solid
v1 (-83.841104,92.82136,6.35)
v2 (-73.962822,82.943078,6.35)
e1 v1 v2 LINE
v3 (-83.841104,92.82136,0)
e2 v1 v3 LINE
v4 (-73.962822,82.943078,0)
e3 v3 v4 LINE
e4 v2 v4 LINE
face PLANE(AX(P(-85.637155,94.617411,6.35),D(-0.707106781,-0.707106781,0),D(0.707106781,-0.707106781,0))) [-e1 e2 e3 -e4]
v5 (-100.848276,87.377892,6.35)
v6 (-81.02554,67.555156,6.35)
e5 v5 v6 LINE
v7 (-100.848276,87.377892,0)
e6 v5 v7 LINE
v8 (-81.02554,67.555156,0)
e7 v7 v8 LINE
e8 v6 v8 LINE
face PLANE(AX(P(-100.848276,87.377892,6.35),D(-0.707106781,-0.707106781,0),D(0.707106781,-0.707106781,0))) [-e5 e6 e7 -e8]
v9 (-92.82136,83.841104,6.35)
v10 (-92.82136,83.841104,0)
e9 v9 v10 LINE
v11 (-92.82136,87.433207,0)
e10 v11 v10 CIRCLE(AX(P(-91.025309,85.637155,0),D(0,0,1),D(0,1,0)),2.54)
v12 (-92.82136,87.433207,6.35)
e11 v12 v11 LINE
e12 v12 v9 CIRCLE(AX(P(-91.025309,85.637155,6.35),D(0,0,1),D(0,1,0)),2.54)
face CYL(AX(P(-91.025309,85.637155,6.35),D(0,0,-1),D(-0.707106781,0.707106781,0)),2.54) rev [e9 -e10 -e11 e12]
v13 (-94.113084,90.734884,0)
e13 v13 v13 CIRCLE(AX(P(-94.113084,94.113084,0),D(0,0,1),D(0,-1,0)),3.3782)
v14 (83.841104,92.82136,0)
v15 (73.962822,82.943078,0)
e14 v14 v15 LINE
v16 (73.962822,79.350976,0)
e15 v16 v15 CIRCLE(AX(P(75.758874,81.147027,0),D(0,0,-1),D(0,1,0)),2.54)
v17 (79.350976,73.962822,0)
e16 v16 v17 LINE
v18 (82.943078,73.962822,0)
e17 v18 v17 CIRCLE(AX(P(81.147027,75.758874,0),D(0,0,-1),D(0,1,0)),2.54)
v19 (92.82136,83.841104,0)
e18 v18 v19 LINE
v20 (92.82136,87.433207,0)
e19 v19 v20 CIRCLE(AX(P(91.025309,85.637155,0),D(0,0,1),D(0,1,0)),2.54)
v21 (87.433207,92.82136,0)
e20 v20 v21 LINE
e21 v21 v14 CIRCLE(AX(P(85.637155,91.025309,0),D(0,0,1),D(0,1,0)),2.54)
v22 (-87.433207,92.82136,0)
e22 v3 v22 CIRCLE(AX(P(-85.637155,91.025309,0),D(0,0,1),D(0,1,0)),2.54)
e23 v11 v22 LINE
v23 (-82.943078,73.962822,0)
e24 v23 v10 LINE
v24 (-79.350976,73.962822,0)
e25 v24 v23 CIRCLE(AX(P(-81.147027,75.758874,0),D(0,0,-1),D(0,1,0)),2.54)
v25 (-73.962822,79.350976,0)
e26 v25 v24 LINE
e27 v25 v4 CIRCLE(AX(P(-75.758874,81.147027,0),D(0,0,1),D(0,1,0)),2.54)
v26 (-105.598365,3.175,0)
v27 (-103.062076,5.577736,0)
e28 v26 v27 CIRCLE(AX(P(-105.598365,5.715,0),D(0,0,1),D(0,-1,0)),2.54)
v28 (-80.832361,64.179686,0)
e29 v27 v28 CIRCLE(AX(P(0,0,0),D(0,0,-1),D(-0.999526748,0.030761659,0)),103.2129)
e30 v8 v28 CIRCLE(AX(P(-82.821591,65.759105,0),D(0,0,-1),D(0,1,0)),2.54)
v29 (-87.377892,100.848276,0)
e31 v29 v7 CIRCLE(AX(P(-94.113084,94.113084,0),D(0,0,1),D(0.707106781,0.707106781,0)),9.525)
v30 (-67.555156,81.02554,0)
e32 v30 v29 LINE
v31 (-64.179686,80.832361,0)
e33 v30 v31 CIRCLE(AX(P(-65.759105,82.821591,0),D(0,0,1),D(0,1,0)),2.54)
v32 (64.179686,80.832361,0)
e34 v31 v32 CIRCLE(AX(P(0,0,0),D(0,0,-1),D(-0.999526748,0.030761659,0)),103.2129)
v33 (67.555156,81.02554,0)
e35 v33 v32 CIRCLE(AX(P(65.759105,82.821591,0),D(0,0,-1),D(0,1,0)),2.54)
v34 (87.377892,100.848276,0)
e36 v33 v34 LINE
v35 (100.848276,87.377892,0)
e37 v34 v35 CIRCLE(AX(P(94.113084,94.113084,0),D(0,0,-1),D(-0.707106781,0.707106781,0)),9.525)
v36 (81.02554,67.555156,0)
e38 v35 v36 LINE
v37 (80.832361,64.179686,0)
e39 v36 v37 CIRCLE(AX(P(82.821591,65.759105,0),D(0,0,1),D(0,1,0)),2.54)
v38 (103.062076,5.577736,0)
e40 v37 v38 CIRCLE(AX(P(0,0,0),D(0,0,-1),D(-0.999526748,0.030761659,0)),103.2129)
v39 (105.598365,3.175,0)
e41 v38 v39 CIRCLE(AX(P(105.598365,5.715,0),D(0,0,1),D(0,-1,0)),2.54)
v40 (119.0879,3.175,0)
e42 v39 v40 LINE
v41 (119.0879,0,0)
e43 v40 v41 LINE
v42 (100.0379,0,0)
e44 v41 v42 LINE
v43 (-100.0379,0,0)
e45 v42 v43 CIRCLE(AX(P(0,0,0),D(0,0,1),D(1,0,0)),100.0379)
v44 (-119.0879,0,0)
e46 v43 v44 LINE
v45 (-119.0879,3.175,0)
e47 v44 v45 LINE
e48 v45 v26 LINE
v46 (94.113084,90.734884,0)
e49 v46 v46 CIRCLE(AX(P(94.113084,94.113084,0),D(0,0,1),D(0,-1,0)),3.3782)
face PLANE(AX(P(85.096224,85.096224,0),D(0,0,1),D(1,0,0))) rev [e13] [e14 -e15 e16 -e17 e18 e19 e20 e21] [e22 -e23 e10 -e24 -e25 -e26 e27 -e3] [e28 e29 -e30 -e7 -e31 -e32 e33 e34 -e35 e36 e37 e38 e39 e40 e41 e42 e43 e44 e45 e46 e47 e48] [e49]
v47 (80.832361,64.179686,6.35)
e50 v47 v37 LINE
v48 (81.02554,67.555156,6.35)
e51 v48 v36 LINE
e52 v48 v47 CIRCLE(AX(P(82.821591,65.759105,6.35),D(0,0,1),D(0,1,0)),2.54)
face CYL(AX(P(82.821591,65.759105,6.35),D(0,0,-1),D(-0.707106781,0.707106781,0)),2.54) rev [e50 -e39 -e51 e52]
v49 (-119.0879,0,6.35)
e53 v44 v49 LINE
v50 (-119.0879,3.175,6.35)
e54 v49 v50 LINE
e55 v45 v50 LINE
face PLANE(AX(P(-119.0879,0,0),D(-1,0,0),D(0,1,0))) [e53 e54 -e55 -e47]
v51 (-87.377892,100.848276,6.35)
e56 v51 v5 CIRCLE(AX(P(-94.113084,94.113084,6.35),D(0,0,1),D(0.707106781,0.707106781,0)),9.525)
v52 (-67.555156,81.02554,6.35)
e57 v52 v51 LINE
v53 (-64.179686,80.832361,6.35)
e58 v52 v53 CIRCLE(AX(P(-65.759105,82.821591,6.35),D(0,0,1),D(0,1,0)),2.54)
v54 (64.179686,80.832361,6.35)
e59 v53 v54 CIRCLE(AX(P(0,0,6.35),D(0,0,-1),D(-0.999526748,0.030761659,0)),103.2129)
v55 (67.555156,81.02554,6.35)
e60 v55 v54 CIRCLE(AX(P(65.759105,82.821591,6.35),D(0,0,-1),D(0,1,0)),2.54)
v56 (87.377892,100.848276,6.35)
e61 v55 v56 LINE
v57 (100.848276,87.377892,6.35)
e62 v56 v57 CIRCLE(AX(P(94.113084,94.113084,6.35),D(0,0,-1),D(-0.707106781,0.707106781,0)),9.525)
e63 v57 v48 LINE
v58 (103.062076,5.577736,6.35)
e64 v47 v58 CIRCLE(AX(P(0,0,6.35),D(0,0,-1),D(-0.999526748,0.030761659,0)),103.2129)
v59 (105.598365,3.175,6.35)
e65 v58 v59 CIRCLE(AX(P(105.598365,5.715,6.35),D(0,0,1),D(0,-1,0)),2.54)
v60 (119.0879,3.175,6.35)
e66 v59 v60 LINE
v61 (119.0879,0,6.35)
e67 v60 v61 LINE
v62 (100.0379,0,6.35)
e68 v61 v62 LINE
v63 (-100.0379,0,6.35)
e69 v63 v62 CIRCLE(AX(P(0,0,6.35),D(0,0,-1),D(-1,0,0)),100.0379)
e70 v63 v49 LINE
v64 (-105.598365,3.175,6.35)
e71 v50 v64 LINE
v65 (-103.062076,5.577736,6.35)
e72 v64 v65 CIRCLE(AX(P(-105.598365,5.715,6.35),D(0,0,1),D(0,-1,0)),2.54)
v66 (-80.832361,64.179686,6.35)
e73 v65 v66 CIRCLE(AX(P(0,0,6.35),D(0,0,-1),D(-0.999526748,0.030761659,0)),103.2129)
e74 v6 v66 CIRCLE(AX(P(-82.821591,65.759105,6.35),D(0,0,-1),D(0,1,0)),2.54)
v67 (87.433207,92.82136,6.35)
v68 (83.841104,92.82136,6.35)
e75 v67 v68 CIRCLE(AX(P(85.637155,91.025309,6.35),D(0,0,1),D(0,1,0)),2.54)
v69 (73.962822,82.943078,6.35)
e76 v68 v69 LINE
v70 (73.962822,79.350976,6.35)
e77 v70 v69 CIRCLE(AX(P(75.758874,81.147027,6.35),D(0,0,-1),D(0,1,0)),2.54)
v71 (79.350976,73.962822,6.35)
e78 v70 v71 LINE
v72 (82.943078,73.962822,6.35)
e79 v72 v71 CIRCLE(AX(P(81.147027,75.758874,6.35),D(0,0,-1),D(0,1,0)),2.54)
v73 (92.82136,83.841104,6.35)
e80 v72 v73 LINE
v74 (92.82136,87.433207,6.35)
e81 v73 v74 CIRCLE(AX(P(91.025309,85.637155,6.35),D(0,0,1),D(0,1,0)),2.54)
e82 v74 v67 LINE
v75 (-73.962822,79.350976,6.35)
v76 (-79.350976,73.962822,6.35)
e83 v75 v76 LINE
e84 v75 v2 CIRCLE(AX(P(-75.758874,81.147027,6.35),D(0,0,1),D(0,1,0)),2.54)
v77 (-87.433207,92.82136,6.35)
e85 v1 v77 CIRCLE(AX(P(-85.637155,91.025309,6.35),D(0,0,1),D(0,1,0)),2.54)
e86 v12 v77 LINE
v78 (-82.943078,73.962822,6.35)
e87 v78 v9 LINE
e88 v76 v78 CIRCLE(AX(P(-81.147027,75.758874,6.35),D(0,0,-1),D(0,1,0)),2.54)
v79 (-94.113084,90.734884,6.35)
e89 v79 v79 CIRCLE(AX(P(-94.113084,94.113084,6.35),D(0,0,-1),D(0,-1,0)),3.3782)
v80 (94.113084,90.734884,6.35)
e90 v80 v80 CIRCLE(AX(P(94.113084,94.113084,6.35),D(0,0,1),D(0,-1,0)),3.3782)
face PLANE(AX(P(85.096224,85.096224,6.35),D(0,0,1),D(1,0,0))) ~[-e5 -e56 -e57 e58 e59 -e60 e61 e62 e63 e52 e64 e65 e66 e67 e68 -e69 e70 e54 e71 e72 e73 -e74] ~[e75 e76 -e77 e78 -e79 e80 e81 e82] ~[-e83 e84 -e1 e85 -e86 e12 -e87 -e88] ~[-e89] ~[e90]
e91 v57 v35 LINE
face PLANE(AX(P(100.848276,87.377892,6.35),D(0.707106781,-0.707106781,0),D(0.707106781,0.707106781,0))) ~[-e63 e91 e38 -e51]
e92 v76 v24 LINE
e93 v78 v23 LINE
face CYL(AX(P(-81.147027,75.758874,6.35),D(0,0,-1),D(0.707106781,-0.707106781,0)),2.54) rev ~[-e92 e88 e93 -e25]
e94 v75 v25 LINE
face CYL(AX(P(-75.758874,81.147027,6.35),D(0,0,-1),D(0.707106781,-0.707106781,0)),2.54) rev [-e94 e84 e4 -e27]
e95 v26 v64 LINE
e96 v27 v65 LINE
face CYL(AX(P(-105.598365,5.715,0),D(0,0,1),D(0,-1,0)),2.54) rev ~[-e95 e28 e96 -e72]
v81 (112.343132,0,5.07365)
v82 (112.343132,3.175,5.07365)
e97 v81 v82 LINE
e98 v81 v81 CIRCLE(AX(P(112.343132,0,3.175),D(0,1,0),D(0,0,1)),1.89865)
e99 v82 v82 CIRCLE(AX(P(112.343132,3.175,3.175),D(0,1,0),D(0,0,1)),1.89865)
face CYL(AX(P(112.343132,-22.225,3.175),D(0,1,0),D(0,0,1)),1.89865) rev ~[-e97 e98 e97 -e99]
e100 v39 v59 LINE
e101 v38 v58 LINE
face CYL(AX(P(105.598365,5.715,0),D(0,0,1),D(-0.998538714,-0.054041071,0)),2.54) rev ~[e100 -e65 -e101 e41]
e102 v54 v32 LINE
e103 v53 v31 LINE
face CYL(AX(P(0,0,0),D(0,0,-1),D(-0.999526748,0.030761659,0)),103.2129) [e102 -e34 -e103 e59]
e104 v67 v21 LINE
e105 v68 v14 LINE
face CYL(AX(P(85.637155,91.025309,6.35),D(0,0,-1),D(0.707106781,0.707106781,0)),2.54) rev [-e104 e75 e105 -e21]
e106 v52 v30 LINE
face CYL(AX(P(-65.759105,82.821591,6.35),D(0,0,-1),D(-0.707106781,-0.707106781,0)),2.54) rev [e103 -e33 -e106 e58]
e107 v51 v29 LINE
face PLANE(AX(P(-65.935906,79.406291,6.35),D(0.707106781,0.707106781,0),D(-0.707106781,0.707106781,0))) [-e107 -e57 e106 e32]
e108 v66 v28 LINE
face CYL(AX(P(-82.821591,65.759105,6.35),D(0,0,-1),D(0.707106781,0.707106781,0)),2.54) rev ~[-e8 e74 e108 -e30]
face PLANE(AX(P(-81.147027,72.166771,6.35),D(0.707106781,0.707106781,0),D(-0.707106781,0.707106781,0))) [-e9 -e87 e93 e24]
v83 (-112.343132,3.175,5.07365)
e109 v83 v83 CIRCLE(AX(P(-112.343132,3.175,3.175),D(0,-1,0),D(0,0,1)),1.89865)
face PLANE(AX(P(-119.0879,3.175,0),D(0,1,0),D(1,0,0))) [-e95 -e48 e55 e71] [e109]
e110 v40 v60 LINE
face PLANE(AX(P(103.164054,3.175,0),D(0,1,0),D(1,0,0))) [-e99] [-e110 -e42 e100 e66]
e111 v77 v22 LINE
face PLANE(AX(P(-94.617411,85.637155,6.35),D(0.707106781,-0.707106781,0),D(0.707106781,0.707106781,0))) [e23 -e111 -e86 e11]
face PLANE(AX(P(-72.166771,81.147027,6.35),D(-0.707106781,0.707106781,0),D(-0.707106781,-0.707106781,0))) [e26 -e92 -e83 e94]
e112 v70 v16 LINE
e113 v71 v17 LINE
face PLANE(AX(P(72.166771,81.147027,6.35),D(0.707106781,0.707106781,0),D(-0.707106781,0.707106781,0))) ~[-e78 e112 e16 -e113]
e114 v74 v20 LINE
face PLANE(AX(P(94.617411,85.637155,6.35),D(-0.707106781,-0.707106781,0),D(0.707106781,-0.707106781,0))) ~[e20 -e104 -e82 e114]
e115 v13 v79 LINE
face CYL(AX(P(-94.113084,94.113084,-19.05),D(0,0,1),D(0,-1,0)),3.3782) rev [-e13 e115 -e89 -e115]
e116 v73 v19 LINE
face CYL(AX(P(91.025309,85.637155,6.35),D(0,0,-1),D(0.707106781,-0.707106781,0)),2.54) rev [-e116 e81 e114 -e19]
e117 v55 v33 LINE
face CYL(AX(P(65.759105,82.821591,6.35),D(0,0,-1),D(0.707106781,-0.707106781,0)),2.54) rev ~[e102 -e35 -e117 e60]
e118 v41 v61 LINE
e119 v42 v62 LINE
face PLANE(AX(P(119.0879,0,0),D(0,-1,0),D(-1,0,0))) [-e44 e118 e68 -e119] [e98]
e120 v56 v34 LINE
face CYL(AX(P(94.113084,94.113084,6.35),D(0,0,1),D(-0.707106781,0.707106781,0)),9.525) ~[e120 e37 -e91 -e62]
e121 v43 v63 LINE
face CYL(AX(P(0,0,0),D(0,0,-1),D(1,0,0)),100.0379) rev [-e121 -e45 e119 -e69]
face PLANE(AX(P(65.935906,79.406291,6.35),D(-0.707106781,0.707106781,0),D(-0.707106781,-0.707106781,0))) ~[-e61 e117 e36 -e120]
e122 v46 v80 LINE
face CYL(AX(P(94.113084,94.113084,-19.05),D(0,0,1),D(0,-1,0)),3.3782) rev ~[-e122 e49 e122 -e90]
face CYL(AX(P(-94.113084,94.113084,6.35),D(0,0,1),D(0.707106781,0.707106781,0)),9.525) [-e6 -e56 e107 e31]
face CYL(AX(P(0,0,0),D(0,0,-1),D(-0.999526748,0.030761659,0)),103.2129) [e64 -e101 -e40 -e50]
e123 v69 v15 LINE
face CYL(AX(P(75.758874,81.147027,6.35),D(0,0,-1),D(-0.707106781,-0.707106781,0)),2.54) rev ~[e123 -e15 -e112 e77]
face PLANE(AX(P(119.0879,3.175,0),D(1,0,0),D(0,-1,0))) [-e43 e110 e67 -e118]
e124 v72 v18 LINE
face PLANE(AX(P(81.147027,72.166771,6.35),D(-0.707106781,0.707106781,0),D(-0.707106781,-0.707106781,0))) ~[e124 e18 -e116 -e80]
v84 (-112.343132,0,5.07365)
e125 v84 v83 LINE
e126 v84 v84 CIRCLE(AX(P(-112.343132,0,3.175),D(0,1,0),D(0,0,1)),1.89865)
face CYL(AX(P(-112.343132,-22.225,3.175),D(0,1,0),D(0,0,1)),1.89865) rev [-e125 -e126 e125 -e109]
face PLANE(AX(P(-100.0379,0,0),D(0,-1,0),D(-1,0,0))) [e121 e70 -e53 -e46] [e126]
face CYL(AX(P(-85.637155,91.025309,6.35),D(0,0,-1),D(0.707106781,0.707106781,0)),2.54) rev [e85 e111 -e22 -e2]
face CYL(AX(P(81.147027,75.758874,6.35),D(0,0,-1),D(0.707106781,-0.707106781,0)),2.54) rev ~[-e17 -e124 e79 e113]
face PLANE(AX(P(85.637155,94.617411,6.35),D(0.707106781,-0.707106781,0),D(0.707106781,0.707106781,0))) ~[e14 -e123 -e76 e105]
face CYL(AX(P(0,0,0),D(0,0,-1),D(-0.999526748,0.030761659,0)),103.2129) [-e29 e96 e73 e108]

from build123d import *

# Parameters (mm, degrees)
BOSS_EXTRUDE1_DEPTH  = 6.35
FILLET1_R            = 2.54
BOSS_EXTRUDE2_DEPTH  = 6.35
FILLET2_R            = 2.54
FILLET2_OF_MIRROR1_R = 2.54


with BuildPart() as part:
    # Sketch1 → Boss-Extrude1 (new body)
    with BuildSketch(Plane.XY):
        with BuildLine():
            Line((-100.0379, 0), (-119.0879, 0))
            Line((-119.0879, 0), (-119.0879, 3.175))
            Line((-119.0879, 3.175), (-103.164054309, 3.175))
            ThreePointArc((-103.164054309, 3.175), (0, 103.2129), (103.164054309, 3.175))
            Line((103.164054309, 3.175), (119.0879, 3.175))
            Line((119.0879, 3.175), (119.0879, 0))
            Line((119.0879, 0), (100.0379, 0))
            ThreePointArc((100.0379, 0), (0, 100.0379), (-100.0379, 0))
        make_face()
    extrude(amount=BOSS_EXTRUDE1_DEPTH)

    # Fillet1
    fillet1_edges = [part.edges().sort_by_distance(p)[0] for p in [
        (-103.164054309, 3.175, 3.175),
        (103.164054309, 3.175, 3.175),
    ]]
    fillet(fillet1_edges, radius=FILLET1_R)

    # Sketch2 → Boss-Extrude2 (add)
    with BuildSketch(Plane.XY.offset(6.35)):
        with BuildLine():
            Line((-100.84827624, 87.377892058), (-79.406290546, 65.935906365))
            Line((-79.406290546, 65.935906365), (-70.737477466, 70.737477466))
            Line((-70.737477466, 70.737477466), (-65.935906365, 79.406290546))
            Line((-65.935906365, 79.406290546), (-87.377892058, 100.84827624))
            ThreePointArc((-87.377892058, 100.84827624), (-100.84827624, 100.84827624), (-100.84827624, 87.377892058))
        make_face()
        Polygon((-94.617411453, 85.637155332), (-85.637155332, 94.617411453), (-72.166771151, 81.147027272), (-81.147027272, 72.166771151), align=None, mode=Mode.SUBTRACT)
    boss_extrude2 = extrude(amount=-BOSS_EXTRUDE2_DEPTH)

    # Fillet2
    fillet2_edges = [part.edges().sort_by_distance(p)[0] for p in [
        (-65.935906365, 79.406290546, 3.175),
        (-79.406290546, 65.935906365, 3.175),
        (-94.617411453, 85.637155332, 3.175),
        (-85.637155332, 94.617411453, 3.175),
        (-72.166771151, 81.147027272, 3.175),
        (-81.147027272, 72.166771151, 3.175),
    ]]
    fillet(fillet2_edges, radius=FILLET2_R)

    # Sketch3 → 1/4 Clearance Hole1 (revolve, cut)
    with BuildSketch(Plane(origin=(-94.113084149, 94.113084149, 6.35), x_dir=(0, -1, 0), z_dir=(1, 0, 0))):
        Polygon((0, 0), (0, 27.429827343), (3.3782, 25.4), (3.3782, 0), align=None)
    f_1_4_clearance_hole1 = revolve(axis=Axis((-94.113084149, 94.113084149, 12.7), (0, 0, -1)), mode=Mode.SUBTRACT)

    # Sketch5 → #6 Clearance Hole1 (revolve, cut)
    with BuildSketch(Plane(origin=(-112.343132364, 3.175, 3.175), x_dir=(0, 0, 1), z_dir=(1, 0, 0))):
        Polygon((0, 0), (0, 26.540824014), (1.89865, 25.4), (1.89865, 0), align=None)
    f_6_clearance_hole1 = revolve(axis=Axis((-112.343132364, 9.525, 3.175), (0, -1, 0)), mode=Mode.SUBTRACT)

    # Mirror1: Boss-Extrude2, 1/4 Clearance Hole1, #6 Clearance Hole1 across plane
    add(boss_extrude2.mirror(Plane(origin=(0, 0, 0), x_dir=(0, 0, 1), z_dir=(1, 0, 0))))
    add(f_1_4_clearance_hole1.mirror(Plane(origin=(0, 0, 0), x_dir=(0, 0, 1), z_dir=(1, 0, 0))), mode=Mode.SUBTRACT)
    add(f_6_clearance_hole1.mirror(Plane(origin=(0, 0, 0), x_dir=(0, 0, 1), z_dir=(1, 0, 0))), mode=Mode.SUBTRACT)

    # Fillet2 of Mirror1
    fillet2_of_mirror1_edges = [part.edges().sort_by_distance(p)[0] for p in [
        (65.935906365, 79.406290546, 3.175),
        (79.406290546, 65.935906365, 3.175),
        (94.617411453, 85.637155332, 3.175),
        (85.637155332, 94.617411453, 3.175),
        (72.166771151, 81.147027272, 3.175),
        (81.147027272, 72.166771151, 3.175),
    ]]
    fillet(fillet2_of_mirror1_edges, radius=FILLET2_OF_MIRROR1_R)


solid = part.part
